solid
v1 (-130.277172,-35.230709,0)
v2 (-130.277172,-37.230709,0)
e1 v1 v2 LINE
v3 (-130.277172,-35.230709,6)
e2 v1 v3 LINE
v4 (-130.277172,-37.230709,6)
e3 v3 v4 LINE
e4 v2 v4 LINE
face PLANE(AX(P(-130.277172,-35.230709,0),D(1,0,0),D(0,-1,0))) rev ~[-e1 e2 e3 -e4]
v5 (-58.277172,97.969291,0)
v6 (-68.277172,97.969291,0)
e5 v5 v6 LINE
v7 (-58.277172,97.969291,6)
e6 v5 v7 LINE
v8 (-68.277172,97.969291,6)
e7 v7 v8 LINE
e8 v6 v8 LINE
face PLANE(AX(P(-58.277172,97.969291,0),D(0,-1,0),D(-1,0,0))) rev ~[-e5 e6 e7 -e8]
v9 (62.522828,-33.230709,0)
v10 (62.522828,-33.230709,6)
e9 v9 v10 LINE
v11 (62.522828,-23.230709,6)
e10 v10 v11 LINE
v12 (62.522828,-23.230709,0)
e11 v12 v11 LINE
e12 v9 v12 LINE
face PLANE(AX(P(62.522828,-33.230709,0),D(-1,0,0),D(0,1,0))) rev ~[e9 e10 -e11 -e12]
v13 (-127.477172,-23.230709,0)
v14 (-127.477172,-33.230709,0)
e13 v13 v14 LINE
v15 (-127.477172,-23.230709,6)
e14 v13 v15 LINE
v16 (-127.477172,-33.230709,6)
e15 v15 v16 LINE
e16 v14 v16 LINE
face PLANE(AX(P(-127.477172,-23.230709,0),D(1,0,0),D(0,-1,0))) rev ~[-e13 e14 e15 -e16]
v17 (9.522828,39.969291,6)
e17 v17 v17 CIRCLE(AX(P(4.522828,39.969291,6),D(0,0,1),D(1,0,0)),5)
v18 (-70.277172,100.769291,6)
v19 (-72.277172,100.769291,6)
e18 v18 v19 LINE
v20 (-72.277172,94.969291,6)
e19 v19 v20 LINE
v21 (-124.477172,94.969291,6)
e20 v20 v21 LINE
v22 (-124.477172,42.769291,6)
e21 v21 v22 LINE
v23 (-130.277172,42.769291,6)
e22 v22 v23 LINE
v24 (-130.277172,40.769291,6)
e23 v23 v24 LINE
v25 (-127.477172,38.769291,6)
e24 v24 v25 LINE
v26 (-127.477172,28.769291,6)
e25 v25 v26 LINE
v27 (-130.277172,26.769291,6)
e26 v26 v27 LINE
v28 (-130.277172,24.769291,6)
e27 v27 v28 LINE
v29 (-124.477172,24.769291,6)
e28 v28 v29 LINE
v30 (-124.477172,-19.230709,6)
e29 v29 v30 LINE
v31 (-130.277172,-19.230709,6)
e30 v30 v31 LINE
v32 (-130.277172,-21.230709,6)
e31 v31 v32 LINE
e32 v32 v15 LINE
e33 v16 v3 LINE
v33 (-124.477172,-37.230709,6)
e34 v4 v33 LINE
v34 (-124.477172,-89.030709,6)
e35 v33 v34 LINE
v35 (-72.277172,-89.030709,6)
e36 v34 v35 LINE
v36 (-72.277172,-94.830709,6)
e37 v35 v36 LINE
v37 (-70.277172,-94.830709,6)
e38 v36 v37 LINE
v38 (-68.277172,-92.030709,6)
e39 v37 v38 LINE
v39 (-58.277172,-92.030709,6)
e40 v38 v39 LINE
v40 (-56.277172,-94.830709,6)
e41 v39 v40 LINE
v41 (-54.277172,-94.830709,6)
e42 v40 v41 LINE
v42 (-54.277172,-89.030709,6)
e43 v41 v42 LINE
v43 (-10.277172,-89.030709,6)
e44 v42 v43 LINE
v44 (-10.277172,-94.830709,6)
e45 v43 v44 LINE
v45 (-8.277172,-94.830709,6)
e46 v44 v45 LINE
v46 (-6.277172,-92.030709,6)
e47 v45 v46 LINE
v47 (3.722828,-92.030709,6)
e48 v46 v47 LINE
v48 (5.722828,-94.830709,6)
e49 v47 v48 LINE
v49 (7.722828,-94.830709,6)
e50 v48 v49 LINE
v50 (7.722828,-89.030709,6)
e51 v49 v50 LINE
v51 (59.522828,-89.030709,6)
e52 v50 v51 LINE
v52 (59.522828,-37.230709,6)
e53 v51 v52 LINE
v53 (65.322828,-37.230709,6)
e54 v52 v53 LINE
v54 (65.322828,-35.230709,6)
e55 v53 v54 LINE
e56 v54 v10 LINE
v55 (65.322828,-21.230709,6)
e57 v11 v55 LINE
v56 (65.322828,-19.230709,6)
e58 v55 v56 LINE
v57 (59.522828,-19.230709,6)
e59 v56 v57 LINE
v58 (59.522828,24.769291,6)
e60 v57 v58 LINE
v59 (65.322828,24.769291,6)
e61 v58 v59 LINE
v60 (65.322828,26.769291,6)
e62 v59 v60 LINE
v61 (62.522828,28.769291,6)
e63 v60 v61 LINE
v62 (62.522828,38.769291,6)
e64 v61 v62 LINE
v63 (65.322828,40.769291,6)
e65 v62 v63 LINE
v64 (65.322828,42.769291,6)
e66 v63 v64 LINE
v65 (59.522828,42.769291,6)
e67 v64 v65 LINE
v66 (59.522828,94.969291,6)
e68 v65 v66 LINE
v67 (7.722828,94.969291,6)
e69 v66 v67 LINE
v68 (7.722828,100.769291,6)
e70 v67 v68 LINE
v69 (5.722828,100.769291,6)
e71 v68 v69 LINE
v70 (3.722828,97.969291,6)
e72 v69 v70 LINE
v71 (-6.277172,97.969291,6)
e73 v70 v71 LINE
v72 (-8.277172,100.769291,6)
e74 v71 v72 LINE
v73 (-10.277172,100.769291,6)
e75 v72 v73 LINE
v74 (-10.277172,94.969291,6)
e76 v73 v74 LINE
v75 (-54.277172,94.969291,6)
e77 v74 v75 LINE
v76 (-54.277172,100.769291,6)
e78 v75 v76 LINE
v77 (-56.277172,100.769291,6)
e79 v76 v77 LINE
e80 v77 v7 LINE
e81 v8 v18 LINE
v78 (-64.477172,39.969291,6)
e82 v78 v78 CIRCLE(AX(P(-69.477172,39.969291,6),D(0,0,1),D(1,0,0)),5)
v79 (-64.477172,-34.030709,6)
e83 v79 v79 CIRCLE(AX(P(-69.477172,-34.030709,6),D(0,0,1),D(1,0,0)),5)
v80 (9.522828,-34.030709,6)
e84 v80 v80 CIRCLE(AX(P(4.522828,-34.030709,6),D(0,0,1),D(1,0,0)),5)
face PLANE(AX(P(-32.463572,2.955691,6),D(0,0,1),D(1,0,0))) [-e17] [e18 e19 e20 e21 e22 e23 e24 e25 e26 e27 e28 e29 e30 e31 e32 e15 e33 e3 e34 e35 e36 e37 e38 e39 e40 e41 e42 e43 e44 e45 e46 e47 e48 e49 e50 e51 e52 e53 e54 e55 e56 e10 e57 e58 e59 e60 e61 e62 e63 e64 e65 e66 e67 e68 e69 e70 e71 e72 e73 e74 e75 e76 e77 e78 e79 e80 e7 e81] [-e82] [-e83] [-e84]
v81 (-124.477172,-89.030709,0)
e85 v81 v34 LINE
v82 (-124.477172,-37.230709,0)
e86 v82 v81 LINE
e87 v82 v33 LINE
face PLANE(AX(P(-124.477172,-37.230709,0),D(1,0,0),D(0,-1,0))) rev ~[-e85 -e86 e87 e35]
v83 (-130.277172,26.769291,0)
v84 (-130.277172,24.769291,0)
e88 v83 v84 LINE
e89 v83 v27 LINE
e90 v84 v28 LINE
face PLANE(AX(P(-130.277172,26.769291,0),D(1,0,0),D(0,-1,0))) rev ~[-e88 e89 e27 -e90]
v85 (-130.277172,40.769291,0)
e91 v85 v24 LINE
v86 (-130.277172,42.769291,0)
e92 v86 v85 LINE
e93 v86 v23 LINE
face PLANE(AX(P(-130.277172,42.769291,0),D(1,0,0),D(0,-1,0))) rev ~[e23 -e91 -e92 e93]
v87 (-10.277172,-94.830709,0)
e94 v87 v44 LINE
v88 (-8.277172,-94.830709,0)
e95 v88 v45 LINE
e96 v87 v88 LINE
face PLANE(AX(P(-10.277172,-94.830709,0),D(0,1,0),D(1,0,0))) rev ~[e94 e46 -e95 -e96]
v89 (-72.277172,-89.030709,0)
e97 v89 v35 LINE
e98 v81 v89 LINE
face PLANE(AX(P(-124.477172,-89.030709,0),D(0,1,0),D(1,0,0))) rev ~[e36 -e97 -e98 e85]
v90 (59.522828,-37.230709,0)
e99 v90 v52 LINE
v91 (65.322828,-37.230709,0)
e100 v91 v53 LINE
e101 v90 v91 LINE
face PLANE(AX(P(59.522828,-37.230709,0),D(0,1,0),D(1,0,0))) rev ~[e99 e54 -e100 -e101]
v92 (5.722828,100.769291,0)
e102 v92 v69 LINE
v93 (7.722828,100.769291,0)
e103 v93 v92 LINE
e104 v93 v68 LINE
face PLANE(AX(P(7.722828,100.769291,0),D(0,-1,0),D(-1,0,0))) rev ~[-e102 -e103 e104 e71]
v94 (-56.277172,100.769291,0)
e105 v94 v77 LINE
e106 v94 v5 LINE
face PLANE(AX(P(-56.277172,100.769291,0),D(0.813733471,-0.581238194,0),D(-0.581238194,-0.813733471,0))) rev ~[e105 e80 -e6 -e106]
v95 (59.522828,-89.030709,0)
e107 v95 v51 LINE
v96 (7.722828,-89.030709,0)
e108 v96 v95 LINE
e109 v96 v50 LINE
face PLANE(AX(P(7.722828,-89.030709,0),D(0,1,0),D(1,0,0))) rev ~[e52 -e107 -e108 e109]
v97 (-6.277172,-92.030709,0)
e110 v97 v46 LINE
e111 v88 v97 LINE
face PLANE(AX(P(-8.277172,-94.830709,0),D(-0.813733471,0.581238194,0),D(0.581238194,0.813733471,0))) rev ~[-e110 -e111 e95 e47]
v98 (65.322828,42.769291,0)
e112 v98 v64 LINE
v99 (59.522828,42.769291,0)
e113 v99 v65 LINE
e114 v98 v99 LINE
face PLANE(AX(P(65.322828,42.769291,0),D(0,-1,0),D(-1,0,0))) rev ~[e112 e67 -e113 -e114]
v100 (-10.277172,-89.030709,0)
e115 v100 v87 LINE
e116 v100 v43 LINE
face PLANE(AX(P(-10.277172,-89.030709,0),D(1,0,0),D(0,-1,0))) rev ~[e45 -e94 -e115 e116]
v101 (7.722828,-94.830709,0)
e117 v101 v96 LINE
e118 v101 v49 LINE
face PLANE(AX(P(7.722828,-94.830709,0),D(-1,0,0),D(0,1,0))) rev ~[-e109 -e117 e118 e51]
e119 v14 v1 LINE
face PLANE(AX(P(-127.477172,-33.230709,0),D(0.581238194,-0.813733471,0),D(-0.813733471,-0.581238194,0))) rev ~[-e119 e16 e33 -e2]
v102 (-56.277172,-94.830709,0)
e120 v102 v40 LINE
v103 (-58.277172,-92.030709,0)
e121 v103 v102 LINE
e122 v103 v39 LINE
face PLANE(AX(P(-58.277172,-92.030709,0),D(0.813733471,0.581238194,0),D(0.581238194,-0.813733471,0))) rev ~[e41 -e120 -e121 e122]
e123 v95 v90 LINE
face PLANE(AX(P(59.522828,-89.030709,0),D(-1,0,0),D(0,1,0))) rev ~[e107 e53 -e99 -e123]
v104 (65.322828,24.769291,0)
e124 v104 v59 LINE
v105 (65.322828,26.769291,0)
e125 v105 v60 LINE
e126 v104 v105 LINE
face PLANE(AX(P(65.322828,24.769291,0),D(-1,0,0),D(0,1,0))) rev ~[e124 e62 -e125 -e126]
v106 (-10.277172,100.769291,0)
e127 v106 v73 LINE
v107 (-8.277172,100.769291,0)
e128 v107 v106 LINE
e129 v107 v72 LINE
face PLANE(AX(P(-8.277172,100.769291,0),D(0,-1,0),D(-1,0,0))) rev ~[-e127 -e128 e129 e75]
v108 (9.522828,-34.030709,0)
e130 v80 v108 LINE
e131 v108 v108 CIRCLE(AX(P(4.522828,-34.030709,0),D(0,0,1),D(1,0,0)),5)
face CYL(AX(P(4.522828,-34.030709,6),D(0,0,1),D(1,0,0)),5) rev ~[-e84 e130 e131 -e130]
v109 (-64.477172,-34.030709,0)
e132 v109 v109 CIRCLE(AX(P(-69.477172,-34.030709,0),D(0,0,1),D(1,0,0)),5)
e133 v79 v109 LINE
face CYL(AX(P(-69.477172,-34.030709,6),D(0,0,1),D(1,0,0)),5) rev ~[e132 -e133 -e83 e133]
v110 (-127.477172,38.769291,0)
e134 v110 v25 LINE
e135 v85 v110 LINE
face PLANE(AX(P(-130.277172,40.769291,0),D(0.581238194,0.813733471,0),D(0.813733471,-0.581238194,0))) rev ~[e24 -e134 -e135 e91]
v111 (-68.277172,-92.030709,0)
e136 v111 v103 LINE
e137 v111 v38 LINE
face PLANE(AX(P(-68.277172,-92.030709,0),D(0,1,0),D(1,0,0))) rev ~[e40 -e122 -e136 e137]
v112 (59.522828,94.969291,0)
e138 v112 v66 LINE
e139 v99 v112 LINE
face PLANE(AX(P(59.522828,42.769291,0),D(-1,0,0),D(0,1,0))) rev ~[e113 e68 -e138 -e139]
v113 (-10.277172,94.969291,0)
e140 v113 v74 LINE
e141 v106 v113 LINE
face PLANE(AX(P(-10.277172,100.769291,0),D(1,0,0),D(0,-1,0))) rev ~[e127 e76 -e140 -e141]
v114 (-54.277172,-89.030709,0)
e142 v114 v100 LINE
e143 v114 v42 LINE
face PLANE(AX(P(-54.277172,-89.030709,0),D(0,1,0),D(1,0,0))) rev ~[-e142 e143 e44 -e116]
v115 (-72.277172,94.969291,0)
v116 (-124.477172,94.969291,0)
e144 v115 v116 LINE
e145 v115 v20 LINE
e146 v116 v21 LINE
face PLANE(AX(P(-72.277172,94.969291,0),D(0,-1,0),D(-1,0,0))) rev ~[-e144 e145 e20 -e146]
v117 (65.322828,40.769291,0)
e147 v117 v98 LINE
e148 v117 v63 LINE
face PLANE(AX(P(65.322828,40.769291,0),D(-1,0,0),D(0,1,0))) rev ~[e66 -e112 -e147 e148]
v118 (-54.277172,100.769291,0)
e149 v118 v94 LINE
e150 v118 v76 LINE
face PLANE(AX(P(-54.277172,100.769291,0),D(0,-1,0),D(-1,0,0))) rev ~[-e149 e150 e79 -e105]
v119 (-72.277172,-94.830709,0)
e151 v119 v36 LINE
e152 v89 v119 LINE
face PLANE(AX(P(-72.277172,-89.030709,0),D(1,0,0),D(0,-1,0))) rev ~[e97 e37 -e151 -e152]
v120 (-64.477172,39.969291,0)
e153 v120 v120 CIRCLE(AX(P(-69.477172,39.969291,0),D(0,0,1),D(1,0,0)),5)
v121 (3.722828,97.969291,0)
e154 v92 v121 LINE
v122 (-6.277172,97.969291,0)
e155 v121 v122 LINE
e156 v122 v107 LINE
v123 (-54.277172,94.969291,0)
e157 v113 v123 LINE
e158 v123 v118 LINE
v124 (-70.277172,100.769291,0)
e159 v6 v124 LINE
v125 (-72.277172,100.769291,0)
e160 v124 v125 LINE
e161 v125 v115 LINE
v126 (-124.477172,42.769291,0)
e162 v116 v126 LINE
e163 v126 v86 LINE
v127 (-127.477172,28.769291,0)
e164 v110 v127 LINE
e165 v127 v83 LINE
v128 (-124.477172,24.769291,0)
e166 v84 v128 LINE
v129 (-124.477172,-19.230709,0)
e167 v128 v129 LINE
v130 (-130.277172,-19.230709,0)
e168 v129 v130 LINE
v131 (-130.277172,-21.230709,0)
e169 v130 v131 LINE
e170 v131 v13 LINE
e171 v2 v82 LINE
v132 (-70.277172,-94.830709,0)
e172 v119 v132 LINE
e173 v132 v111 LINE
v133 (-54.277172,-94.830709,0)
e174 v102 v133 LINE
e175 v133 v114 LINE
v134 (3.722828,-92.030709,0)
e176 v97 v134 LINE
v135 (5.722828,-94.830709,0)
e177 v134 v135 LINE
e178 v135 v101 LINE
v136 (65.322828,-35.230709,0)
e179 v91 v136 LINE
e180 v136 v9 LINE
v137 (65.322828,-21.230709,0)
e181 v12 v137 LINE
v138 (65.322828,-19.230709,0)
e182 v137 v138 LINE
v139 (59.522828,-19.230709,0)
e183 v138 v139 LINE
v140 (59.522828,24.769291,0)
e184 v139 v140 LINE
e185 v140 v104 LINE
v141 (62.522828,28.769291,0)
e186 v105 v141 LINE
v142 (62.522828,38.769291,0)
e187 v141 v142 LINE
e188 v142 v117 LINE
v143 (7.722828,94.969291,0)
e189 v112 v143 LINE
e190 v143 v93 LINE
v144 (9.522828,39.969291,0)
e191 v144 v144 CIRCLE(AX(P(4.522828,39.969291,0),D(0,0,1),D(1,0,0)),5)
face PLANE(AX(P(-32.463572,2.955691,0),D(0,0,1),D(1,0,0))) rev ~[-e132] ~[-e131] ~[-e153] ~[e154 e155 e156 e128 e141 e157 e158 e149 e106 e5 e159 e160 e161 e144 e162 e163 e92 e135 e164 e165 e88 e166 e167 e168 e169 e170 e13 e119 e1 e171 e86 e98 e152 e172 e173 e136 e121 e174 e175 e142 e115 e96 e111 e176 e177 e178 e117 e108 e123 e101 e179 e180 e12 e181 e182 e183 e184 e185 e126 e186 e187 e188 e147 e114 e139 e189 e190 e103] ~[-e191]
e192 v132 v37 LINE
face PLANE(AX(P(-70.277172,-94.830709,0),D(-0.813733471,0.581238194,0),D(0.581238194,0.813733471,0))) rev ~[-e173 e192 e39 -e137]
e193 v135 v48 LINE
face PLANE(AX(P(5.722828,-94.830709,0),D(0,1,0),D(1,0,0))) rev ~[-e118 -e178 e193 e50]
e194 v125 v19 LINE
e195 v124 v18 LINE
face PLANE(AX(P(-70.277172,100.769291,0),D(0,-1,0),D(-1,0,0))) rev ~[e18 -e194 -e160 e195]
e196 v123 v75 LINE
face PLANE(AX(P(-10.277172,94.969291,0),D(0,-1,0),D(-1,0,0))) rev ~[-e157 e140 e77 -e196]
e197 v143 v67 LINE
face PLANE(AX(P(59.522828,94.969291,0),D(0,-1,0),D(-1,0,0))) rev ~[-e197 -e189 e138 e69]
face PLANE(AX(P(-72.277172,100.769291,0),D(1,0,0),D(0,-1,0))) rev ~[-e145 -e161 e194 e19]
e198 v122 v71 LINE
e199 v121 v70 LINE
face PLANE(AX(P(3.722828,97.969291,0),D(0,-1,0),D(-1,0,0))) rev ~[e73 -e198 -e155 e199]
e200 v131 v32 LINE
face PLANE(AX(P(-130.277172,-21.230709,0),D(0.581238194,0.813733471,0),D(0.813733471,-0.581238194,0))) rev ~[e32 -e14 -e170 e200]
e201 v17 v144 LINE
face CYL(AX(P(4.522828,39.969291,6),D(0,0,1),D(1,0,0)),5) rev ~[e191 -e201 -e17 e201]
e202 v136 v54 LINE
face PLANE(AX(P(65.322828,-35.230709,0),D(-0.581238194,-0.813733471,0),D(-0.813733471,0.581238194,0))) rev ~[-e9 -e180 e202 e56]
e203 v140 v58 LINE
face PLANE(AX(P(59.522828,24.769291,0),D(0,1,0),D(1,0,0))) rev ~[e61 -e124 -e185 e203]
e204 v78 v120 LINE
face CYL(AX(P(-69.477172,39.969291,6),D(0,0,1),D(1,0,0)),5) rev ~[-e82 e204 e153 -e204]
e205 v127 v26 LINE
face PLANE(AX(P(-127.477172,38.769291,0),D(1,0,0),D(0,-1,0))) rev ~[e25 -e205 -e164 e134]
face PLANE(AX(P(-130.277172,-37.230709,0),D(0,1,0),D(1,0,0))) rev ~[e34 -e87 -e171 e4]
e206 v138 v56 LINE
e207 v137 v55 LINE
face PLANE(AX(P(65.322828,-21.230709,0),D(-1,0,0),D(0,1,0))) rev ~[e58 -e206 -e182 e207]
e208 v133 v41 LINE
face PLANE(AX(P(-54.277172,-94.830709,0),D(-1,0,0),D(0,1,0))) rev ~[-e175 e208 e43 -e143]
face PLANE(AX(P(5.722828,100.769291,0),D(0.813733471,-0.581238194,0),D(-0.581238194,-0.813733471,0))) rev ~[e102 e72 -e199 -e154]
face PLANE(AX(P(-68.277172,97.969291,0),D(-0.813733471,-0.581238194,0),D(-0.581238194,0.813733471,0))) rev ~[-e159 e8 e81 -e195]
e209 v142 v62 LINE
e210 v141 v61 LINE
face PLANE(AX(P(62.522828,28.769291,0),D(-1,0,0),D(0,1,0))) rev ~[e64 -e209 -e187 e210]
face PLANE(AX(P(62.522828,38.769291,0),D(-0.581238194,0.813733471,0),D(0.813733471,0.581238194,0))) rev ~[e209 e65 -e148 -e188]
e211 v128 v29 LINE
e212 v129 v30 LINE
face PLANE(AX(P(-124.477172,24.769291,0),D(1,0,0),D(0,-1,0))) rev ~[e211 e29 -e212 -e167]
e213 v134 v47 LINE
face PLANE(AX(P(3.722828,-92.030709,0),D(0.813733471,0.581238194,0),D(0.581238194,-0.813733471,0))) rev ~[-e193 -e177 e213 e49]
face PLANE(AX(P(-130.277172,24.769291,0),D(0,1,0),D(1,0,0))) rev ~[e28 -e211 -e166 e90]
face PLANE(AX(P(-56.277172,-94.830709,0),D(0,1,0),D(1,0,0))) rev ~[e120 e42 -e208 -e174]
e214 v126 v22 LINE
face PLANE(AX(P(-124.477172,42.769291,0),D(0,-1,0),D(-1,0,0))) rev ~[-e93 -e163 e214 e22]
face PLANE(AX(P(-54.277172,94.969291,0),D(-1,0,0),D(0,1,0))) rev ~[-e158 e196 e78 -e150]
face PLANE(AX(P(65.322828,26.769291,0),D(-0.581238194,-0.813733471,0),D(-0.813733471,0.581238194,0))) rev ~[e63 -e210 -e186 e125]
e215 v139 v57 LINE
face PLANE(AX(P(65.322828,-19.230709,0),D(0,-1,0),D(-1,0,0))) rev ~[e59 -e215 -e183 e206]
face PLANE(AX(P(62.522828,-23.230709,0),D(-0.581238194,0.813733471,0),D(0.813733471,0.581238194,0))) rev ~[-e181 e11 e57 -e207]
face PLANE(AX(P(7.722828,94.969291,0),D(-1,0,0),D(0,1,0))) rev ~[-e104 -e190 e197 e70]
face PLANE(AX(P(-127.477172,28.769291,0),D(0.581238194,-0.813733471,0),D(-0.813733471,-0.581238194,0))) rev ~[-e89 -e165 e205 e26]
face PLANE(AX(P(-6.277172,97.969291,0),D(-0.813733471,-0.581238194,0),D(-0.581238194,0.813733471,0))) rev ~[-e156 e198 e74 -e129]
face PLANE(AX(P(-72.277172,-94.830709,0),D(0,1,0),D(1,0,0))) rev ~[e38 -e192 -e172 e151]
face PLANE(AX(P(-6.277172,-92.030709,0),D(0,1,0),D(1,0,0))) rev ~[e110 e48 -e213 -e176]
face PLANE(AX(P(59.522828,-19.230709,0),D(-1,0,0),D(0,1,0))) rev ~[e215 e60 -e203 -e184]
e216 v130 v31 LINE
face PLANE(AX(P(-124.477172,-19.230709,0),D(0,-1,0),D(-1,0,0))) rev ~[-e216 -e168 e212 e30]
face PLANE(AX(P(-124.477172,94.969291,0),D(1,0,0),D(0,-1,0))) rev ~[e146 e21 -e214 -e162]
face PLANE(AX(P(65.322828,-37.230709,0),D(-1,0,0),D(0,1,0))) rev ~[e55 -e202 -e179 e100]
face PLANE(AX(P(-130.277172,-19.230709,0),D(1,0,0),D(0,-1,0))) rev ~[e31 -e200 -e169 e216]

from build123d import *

# Parameters (mm, degrees)
F1_DEPTH = 6
F2_R     = 5
F3_DEPTH = 6


with BuildPart() as f1:
    # F0 (on Top) → F1 (new body)
    with BuildSketch(Plane.XY):
        Polygon((-72.277172, 94.969291), (-124.477172, 94.969291), (-124.477172, 42.769291), (-130.277172, 42.769291), (-130.277172, 40.769291), (-127.477172, 38.769291), (-127.477172, 28.769291), (-130.277172, 26.769291), (-130.277172, 24.769291), (-124.477172, 24.769291), (-124.477172, -19.230709), (-130.277172, -19.230709), (-130.277172, -21.230709), (-127.477172, -23.230709), (-127.477172, -33.230709), (-130.277172, -35.230709), (-130.277172, -37.230709), (-124.477172, -37.230709), (-124.477172, -89.030709), (-72.277172, -89.030709), (-72.277172, -94.830709), (-70.277172, -94.830709), (-68.277172, -92.030709), (-58.277172, -92.030709), (-56.277172, -94.830709), (-54.277172, -94.830709), (-54.277172, -89.030709), (-10.277172, -89.030709), (-10.277172, -94.830709), (-8.277172, -94.830709), (-6.277172, -92.030709), (3.722828, -92.030709), (5.722828, -94.830709), (7.722828, -94.830709), (7.722828, -89.030709), (59.522828, -89.030709), (59.522828, -37.230709), (65.322828, -37.230709), (65.322828, -35.230709), (62.522828, -33.230709), (62.522828, -23.230709), (65.322828, -21.230709), (65.322828, -19.230709), (59.522828, -19.230709), (59.522828, 24.769291), (65.322828, 24.769291), (65.322828, 26.769291), (62.522828, 28.769291), (62.522828, 38.769291), (65.322828, 40.769291), (65.322828, 42.769291), (59.522828, 42.769291), (59.522828, 94.969291), (7.722828, 94.969291), (7.722828, 100.769291), (5.722828, 100.769291), (3.722828, 97.969291), (-6.277172, 97.969291), (-8.277172, 100.769291), (-10.277172, 100.769291), (-10.277172, 94.969291), (-54.277172, 94.969291), (-54.277172, 100.769291), (-56.277172, 100.769291), (-58.277172, 97.969291), (-68.277172, 97.969291), (-70.277172, 100.769291), (-72.277172, 100.769291), align=None)
    extrude(amount=F1_DEPTH)

    # F2 (on face) → F3 (cut)
    with BuildSketch(Plane.XY.offset(6)):
        with Locations((-69.477172, 39.969291)):
            Circle(F2_R)
        with Locations((4.522828, 39.969291)):
            Circle(F2_R)
        with Locations((4.522828, -34.030709)):
            Circle(F2_R)
        with Locations((-69.477172, -34.030709)):
            Circle(F2_R)
    extrude(amount=-F3_DEPTH, mode=Mode.SUBTRACT)


solid = f1.part
